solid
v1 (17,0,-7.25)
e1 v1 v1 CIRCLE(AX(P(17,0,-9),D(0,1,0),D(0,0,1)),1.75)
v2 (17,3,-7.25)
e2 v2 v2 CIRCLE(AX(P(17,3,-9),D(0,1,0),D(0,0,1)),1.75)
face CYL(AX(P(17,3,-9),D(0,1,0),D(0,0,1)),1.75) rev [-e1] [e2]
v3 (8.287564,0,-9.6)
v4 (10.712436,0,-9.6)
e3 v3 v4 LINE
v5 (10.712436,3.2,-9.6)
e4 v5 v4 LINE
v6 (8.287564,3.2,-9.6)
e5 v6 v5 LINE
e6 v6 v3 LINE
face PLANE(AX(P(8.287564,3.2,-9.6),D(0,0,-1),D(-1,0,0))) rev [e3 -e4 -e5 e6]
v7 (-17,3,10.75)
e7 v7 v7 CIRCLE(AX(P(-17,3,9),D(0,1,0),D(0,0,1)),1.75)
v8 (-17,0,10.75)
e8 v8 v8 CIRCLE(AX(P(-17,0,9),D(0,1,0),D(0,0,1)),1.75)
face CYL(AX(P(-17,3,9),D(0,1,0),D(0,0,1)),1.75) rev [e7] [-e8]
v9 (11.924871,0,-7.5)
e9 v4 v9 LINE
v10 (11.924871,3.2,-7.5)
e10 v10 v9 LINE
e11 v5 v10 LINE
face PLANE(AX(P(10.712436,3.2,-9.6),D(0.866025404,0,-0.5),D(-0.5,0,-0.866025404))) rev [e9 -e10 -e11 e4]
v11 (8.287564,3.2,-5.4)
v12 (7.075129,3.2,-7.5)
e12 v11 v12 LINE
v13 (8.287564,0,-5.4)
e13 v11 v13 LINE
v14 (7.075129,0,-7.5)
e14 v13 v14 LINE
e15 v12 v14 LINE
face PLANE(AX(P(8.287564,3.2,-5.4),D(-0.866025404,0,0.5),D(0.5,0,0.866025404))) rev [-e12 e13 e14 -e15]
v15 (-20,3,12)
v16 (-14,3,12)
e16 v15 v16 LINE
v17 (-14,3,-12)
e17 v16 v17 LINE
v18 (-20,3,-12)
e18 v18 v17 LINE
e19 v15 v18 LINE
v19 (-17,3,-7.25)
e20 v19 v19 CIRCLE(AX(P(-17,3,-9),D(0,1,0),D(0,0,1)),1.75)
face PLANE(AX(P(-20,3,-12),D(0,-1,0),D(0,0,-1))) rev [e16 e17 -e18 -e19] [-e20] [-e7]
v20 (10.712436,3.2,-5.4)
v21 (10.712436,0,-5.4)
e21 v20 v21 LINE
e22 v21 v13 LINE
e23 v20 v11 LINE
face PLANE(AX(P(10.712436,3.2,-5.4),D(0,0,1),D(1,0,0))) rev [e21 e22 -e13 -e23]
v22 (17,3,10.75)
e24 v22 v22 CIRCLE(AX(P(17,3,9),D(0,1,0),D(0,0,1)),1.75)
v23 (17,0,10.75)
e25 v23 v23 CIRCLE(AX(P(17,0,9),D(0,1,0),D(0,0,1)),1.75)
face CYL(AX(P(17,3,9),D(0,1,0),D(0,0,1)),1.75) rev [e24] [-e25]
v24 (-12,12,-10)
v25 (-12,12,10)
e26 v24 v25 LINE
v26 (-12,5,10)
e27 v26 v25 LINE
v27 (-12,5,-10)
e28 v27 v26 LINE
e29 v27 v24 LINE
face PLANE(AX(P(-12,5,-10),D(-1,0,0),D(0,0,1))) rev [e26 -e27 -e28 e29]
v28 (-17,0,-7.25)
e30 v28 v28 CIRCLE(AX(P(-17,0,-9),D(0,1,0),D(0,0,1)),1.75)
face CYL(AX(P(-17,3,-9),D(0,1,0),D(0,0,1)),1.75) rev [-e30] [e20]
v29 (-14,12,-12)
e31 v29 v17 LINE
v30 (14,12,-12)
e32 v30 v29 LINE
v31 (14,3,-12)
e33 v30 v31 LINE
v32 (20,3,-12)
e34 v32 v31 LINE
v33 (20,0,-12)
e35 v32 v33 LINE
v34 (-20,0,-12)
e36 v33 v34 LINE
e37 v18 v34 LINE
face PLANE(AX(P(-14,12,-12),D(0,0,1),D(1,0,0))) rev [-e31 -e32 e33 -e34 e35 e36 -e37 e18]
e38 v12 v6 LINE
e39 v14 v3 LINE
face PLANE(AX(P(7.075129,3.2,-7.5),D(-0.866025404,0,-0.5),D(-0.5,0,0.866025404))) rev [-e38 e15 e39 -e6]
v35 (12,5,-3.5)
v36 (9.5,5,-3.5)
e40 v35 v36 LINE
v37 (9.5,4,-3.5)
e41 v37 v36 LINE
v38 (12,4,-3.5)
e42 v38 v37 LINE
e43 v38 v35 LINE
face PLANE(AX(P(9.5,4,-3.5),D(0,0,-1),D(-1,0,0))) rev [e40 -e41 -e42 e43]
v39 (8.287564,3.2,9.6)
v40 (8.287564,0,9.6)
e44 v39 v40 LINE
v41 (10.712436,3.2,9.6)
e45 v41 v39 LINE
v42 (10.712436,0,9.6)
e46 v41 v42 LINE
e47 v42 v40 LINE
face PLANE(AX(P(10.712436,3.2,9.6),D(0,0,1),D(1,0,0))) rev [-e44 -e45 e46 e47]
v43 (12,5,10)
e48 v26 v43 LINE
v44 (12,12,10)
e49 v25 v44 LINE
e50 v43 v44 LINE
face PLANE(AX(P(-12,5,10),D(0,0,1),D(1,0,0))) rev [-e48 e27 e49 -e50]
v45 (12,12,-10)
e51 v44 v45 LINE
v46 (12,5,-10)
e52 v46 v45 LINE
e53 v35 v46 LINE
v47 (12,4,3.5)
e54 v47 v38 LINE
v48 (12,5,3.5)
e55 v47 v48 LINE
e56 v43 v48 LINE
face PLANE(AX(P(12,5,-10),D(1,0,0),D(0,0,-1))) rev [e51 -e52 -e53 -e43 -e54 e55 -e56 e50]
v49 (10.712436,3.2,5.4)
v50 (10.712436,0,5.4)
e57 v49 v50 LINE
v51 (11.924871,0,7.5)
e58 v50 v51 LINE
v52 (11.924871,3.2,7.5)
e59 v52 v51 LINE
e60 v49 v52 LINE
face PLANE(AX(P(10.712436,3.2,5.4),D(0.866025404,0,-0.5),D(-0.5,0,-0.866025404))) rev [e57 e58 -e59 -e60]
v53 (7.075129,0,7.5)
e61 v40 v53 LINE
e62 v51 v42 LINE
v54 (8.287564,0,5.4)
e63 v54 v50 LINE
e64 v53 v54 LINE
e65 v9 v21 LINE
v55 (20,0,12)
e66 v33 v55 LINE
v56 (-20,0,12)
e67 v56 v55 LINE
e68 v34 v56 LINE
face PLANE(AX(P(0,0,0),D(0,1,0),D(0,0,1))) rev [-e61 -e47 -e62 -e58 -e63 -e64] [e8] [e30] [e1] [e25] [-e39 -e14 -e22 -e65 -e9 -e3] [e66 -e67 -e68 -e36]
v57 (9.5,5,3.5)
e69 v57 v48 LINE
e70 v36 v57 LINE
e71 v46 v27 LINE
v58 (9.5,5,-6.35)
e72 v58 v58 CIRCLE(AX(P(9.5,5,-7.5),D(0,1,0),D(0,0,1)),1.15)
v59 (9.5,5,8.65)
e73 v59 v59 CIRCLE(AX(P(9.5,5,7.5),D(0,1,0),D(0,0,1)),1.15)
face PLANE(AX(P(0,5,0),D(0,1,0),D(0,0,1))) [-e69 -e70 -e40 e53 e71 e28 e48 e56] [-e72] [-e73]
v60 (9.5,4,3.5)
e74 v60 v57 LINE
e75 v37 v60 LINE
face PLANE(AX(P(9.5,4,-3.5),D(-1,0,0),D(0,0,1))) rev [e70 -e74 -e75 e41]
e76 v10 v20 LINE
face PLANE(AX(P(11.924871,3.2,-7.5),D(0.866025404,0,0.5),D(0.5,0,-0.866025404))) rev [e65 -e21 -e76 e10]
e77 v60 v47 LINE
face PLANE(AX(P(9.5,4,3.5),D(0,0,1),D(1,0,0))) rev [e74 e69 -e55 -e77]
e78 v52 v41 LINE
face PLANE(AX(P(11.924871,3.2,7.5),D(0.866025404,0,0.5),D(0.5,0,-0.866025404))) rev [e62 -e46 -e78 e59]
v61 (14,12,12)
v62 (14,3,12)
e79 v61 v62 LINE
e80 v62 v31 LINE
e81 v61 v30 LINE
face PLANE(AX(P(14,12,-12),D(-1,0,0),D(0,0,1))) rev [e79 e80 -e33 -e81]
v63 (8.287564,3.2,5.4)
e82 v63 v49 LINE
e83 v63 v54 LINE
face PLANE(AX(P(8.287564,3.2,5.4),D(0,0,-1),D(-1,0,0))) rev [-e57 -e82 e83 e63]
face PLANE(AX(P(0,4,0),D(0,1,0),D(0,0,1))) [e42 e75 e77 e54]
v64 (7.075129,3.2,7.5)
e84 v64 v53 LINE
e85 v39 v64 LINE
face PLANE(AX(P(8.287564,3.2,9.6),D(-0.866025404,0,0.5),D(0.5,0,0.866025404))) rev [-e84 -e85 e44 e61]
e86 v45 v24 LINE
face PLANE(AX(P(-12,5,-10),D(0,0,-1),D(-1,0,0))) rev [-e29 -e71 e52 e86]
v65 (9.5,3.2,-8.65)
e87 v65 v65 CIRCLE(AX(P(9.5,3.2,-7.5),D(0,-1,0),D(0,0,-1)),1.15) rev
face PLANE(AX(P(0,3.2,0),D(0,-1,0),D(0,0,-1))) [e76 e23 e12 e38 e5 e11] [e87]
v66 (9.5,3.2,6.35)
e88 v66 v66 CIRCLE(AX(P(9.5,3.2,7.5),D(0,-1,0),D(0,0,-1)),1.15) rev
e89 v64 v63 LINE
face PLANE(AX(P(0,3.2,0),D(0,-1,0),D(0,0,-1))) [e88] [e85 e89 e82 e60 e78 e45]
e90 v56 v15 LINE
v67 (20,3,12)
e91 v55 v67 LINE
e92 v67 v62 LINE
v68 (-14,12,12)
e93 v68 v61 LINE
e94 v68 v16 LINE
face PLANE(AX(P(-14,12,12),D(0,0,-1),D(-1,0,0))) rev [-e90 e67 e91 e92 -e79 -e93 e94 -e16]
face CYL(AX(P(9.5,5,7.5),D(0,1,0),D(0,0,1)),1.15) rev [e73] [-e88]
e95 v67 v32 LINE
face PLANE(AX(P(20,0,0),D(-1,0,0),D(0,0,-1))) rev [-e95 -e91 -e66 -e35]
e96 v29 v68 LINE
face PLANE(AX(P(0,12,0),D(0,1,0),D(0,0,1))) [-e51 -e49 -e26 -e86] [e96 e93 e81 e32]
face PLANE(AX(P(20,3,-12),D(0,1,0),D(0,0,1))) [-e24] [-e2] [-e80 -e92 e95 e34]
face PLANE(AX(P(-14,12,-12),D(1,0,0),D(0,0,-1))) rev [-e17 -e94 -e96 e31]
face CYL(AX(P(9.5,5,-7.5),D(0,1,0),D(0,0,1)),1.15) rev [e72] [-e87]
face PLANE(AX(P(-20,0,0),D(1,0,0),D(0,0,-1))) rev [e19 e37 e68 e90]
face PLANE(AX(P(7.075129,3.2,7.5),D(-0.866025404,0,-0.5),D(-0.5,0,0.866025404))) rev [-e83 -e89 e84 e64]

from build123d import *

# Parameters (mm, degrees)
SKETCH_1_W          = 28
SKETCH_1_H          = 24
EXTRUDE_2_DEPTH     = 12
SKETCH_2_W          = 24
SKETCH_2_H          = 20
CUT_EXTRUDE_1_DEPTH = 7
SKETCH_3_W          = 24
SKETCH_3_H          = 3
EXTRUDE_4_DEPTH     = 6
HOLE_WIZARD_1_D     = 3.5
HOLE_WIZARD_2_D     = 2.3
SKETCH_10_W         = 2.5
SKETCH_10_H         = 7
CUT_EXTRUDE_2_DEPTH = 1
CUT_EXTRUDE_3_DEPTH = 3.2


with BuildPart() as part:
    # 草图1 → 凸台-拉伸2 (new body)
    with BuildSketch(Plane(origin=(0, 0, 0), x_dir=(1, 0, 0), z_dir=(0, 1, 0))):
        Rectangle(SKETCH_1_W, SKETCH_1_H)
    extrude(amount=EXTRUDE_2_DEPTH)

    # 草图2 → 切除-拉伸1 (cut)
    with BuildSketch(Plane(origin=(0, 12, 0), x_dir=(1, 0, 0), z_dir=(0, 1, 0))):
        Rectangle(SKETCH_2_W, SKETCH_2_H)
    extrude(amount=-CUT_EXTRUDE_1_DEPTH, mode=Mode.SUBTRACT)

    # 草图3 → 凸台-拉伸4 (add)
    with BuildSketch(Plane.ZY.offset(14)):
        with Locations((0, 1.5)):
            Rectangle(SKETCH_3_W, SKETCH_3_H)
    extrude_4 = extrude(amount=EXTRUDE_4_DEPTH)

    # 孔1 (through all)
    with Locations(Plane(origin=(0, 3, 0), x_dir=(1, 0, 0), z_dir=(0, 1, 0))):
        with Locations((-17, 9), (-17, -9)):
            hole_wizard_1 = Hole(HOLE_WIZARD_1_D / 2)

    # 镜向1: 凸台-拉伸4, 孔1 across plane
    add(extrude_4.mirror(Plane.ZY))
    add(hole_wizard_1.mirror(Plane.ZY), mode=Mode.SUBTRACT)

    # 孔2 (through all)
    with Locations(Plane(origin=(0, 5, 0), x_dir=(1, 0, 0), z_dir=(0, 1, 0))):
        with Locations((9.5, 7.5), (9.5, -7.5)):
            Hole(HOLE_WIZARD_2_D / 2)

    # 草图10 → 切除-拉伸2 (cut)
    with BuildSketch(Plane(origin=(0, 5, 0), x_dir=(1, 0, 0), z_dir=(0, 1, 0))):
        with Locations((10.75, 0)):
            Rectangle(SKETCH_10_W, SKETCH_10_H)
    extrude(amount=-CUT_EXTRUDE_2_DEPTH, mode=Mode.SUBTRACT)

    # 草图11 → 切除-拉伸3 (cut)
    with BuildSketch(Plane(origin=(0, 0, 0), x_dir=(-1, 0, 0), z_dir=(0, -1, 0))):
        Polygon((-11.924871131, -7.5), (-10.712435565, -9.6), (-8.287564435, -9.6), (-7.075128869, -7.5), (-8.287564435, -5.4), (-10.712435565, -5.4), align=None)
        Polygon((-11.924871131, 7.5), (-10.712435565, 5.4), (-8.287564435, 5.4), (-7.075128869, 7.5), (-8.287564435, 9.6), (-10.712435565, 9.6), align=None)
    extrude(amount=-CUT_EXTRUDE_3_DEPTH, mode=Mode.SUBTRACT)


solid = part.part
